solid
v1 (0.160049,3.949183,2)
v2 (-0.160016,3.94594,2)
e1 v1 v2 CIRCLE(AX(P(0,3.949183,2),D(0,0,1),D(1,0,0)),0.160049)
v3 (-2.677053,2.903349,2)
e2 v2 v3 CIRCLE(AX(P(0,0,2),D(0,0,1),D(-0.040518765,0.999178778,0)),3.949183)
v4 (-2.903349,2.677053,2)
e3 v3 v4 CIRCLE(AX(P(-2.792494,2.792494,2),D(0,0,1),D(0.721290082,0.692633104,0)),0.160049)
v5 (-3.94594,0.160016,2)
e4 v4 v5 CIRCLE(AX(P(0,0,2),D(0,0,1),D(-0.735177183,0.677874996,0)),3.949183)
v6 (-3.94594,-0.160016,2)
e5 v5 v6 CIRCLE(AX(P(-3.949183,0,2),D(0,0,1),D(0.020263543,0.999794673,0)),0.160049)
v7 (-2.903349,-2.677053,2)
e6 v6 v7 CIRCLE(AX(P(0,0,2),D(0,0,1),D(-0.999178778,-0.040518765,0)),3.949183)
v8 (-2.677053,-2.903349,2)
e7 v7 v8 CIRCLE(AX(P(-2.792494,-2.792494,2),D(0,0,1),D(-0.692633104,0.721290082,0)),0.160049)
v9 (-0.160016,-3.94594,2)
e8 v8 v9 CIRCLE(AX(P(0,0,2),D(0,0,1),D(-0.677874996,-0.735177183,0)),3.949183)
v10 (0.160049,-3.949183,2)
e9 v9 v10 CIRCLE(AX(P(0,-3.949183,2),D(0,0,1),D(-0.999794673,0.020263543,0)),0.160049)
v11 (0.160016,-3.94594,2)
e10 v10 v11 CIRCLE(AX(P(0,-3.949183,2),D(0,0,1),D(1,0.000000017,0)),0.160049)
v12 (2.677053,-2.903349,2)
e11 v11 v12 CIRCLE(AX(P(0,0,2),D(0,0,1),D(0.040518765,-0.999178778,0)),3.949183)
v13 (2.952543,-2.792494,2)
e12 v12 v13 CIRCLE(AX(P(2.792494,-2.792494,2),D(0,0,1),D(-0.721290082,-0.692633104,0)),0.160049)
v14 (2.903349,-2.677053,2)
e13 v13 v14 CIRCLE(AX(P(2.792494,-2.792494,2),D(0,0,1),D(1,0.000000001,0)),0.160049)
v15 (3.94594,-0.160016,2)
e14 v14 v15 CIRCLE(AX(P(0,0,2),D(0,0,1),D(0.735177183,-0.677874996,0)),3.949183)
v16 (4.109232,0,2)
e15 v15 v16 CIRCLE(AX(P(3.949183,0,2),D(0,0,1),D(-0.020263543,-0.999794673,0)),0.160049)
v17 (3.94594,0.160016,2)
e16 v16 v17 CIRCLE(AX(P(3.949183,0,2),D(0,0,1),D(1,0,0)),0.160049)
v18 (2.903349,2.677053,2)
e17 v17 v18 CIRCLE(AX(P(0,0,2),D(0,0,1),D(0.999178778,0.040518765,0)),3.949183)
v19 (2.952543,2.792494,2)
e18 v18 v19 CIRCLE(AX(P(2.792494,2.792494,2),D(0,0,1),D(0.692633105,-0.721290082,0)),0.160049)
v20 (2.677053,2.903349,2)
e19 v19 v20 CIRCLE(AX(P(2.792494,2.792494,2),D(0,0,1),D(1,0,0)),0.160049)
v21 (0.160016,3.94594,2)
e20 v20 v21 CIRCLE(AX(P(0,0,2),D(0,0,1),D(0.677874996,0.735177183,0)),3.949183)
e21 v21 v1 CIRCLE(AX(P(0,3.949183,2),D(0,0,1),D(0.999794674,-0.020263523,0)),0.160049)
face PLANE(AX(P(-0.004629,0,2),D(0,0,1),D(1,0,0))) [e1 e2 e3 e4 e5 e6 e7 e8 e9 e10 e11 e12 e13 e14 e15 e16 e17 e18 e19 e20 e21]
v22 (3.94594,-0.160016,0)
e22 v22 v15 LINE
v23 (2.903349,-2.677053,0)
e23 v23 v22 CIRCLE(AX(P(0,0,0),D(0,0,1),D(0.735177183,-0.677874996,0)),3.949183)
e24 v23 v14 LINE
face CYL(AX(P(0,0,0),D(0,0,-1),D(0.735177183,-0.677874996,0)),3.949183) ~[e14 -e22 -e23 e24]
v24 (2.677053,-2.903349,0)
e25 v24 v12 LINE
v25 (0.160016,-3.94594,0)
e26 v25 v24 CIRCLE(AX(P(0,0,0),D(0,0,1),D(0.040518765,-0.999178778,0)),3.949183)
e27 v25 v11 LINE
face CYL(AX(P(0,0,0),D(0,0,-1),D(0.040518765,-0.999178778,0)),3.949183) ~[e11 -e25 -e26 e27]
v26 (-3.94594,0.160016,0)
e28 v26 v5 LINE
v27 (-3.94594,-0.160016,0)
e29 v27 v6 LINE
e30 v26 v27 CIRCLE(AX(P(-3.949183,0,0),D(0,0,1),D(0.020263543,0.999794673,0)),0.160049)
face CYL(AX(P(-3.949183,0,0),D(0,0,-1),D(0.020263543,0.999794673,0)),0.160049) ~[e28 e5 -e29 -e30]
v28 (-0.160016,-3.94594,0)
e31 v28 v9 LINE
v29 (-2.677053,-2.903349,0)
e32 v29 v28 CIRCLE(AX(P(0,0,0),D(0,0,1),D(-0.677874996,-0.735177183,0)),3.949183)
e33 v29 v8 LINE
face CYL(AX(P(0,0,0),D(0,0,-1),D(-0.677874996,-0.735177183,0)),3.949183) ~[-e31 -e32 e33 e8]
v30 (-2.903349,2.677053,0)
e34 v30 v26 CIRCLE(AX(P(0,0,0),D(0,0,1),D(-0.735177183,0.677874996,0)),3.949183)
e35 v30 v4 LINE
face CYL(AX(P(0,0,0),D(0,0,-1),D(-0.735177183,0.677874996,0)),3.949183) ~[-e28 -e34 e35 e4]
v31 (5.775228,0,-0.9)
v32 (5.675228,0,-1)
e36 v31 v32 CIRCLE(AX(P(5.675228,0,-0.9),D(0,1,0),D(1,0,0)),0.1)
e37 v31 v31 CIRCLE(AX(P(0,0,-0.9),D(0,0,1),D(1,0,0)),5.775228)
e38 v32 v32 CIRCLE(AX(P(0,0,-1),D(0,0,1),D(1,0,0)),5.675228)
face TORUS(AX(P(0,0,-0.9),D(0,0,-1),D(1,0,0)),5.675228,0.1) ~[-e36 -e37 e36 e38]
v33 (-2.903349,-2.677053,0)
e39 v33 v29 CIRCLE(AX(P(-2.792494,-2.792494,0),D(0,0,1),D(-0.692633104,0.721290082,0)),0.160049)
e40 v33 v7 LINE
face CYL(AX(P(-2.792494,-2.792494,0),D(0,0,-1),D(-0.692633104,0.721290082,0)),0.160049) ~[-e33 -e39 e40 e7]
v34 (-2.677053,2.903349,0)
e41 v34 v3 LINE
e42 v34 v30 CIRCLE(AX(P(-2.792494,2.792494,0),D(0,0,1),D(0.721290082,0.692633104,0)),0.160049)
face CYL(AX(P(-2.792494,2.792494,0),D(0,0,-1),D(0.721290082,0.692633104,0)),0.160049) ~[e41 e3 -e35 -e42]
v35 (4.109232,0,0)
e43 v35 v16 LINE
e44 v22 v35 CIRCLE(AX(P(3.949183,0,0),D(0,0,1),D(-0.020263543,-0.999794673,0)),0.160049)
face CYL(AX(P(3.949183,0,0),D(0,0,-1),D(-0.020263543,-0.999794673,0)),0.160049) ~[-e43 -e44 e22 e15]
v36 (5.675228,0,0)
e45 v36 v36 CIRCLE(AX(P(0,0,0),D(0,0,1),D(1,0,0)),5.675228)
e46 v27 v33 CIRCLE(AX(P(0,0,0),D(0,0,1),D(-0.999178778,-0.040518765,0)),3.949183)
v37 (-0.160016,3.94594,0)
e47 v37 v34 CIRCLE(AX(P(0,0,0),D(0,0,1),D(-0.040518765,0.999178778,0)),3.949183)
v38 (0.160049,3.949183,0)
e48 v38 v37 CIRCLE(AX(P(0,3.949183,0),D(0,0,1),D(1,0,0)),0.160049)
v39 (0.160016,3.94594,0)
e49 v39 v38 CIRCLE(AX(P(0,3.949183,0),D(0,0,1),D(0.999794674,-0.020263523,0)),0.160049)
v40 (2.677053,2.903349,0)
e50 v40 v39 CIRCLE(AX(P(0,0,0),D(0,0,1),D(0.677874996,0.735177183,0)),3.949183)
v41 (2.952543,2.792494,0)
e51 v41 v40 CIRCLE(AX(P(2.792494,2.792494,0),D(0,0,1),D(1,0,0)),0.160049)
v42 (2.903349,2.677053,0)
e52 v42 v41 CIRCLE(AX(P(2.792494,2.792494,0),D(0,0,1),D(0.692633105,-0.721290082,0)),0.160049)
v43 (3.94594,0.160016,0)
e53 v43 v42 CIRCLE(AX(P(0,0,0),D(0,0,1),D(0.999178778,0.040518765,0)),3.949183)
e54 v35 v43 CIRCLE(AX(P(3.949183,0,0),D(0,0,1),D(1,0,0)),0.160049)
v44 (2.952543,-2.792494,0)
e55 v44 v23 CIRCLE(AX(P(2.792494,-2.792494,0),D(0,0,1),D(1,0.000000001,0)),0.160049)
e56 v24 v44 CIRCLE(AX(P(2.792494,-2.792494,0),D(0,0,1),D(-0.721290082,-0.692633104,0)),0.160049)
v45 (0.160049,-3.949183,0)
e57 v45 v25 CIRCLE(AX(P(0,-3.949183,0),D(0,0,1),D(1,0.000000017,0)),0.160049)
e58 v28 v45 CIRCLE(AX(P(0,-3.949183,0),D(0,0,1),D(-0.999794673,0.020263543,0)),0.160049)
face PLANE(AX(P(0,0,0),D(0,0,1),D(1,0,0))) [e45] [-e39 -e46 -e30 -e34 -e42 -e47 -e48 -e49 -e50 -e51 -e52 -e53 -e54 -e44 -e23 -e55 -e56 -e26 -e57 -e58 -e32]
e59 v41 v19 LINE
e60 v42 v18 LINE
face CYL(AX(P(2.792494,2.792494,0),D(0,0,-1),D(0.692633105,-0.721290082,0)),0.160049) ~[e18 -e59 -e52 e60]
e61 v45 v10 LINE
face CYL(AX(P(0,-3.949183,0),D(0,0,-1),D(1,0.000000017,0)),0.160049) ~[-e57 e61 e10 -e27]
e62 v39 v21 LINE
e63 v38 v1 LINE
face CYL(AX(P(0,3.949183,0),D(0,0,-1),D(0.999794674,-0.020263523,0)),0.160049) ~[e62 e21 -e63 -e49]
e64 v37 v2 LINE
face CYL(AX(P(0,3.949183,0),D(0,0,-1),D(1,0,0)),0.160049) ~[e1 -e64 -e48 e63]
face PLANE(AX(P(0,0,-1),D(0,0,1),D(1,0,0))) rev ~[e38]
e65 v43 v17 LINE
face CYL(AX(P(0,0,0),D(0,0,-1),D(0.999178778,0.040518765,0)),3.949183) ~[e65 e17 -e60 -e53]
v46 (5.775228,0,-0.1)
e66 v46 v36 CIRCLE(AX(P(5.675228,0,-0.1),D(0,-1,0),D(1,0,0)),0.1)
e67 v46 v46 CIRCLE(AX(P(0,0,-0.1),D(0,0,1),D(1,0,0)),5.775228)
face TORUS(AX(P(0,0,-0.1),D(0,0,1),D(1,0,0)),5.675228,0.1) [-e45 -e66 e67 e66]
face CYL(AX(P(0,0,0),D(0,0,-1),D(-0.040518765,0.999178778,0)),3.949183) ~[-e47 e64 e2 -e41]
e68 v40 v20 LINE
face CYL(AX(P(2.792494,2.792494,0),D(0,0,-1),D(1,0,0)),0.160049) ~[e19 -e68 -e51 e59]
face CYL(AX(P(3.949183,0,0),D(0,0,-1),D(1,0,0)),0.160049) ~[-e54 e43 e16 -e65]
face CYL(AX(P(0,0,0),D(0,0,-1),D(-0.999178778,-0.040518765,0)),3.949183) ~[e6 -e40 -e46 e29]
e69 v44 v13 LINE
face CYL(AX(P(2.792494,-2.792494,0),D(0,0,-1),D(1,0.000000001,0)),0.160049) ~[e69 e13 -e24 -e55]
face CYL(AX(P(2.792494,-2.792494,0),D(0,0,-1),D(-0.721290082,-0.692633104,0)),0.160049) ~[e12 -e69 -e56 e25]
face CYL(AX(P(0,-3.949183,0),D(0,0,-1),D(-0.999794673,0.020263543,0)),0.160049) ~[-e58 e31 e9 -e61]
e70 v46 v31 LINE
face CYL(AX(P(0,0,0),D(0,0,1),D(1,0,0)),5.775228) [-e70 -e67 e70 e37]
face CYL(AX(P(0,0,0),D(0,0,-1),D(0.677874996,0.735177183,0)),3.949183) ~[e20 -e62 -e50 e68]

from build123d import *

# Parameters (mm, degrees)
F0_R     = 5.7752276128
F1_DEPTH = 1
F2_DEPTH = 2
F3_R     = 0.1


with BuildPart() as f1:
    # F0 (on Top) → F1 (new body)
    with BuildSketch(Plane.XY):
        Circle(F0_R)
        with BuildLine():
            ThreePointArc((2.9033493644, 2.6770525323), (3.6485695105, 1.5112869745), (3.9459400229, 0.1600160246))
            ThreePointArc((3.9459400229, 0.1600160246), (4.061202336, 0.114312532), (4.1092320673, 0))
            ThreePointArc((4.1092320673, 0), (4.061202336, -0.114312532), (3.9459400229, -0.1600160246))
            ThreePointArc((3.9459400229, -0.1600160246), (3.6485695105, -1.5112869745), (2.9033493644, -2.6770525323))
            ThreePointArc((2.9033493644, -2.6770525323), (2.9397319242, -2.7297510734), (2.9525430939, -2.792494207))
            ThreePointArc((2.9525430939, -2.792494207), (2.8522409, -2.9409730906), (2.6770525323, -2.9033493644))
            ThreePointArc((2.6770525323, -2.9033493644), (1.5112869745, -3.6485695105), (0.1600160246, -3.9459400229))
            ThreePointArc((0.1600160246, -3.9459400229), (0.1600406711, -3.9475615184), (0.1600488869, -3.9491831804))
            ThreePointArc((0.1600488869, -3.9491831804), (-0.001621662, -4.1092238515), (-0.1600160246, -3.9459400229))
            ThreePointArc((-0.1600160246, -3.9459400229), (-1.5112869745, -3.6485695105), (-2.6770525323, -2.9033493644))
            ThreePointArc((-2.6770525323, -2.9033493644), (-2.9056658603, -2.9056658603), (-2.9033493644, -2.6770525323))
            ThreePointArc((-2.9033493644, -2.6770525323), (-3.6485695105, -1.5112869745), (-3.9459400229, -0.1600160246))
            ThreePointArc((-3.9459400229, -0.1600160246), (-4.1092320673, 0), (-3.9459400229, 0.1600160246))
            ThreePointArc((-3.9459400229, 0.1600160246), (-3.6485695105, 1.5112869745), (-2.9033493644, 2.6770525323))
            ThreePointArc((-2.9033493644, 2.6770525323), (-2.9056658603, 2.9056658603), (-2.6770525323, 2.9033493644))
            ThreePointArc((-2.6770525323, 2.9033493644), (-1.5112869745, 3.6485695105), (-0.1600160246, 3.9459400229))
            ThreePointArc((-0.1600160246, 3.9459400229), (-0.001621662, 4.1092238515), (0.1600488869, 3.9491831804))
            ThreePointArc((0.1600488869, 3.9491831804), (0.1600406711, 3.9475615184), (0.1600160246, 3.9459400229))
            ThreePointArc((0.1600160246, 3.9459400229), (1.5112869745, 3.6485695105), (2.6770525323, 2.9033493644))
            ThreePointArc((2.6770525323, 2.9033493644), (2.8522409, 2.9409730906), (2.9525430939, 2.792494207))
            ThreePointArc((2.9525430939, 2.792494207), (2.9397319242, 2.7297510734), (2.9033493644, 2.6770525323))
        make_face(mode=Mode.SUBTRACT)
        with BuildLine():
            ThreePointArc((3.9459400229, -0.1600160246), (3.7891342935, 0), (3.9459400229, 0.1600160246))
            ThreePointArc((3.9459400229, 0.1600160246), (3.6485695105, 1.5112869745), (2.9033493644, 2.6770525323))
            ThreePointArc((2.9033493644, 2.6770525323), (2.6793225538, 2.6793225538), (2.6770525323, 2.9033493644))
            ThreePointArc((2.6770525323, 2.9033493644), (1.5112869745, 3.6485695105), (0.1600160246, 3.9459400229))
            ThreePointArc((0.1600160246, 3.9459400229), (0, 3.7891342935), (-0.1600160246, 3.9459400229))
            ThreePointArc((-0.1600160246, 3.9459400229), (-1.5112869745, 3.6485695105), (-2.6770525323, 2.9033493644))
            ThreePointArc((-2.6770525323, 2.9033493644), (-2.6440153234, 2.8522409), (-2.6324453201, 2.792494207))
            ThreePointArc((-2.6324453201, 2.792494207), (-2.7297510734, 2.6452564898), (-2.9033493644, 2.6770525323))
            ThreePointArc((-2.9033493644, 2.6770525323), (-3.6485695105, 1.5112869745), (-3.9459400229, 0.1600160246))
            ThreePointArc((-3.9459400229, 0.1600160246), (-3.8348706484, 0.1120191556), (-3.7891342935, 0))
            ThreePointArc((-3.7891342935, 0), (-3.8348706484, -0.1120191556), (-3.9459400229, -0.1600160246))
            ThreePointArc((-3.9459400229, -0.1600160246), (-3.6485695105, -1.5112869745), (-2.9033493644, -2.6770525323))
            ThreePointArc((-2.9033493644, -2.6770525323), (-2.7297510734, -2.6452564898), (-2.6324453201, -2.792494207))
            ThreePointArc((-2.6324453201, -2.792494207), (-2.6440153234, -2.8522409), (-2.6770525323, -2.9033493644))
            ThreePointArc((-2.6770525323, -2.9033493644), (-1.5112869745, -3.6485695105), (-0.1600160246, -3.9459400229))
            ThreePointArc((-0.1600160246, -3.9459400229), (0, -3.7891342935), (0.1600160246, -3.9459400229))
            ThreePointArc((0.1600160246, -3.9459400229), (1.5112869745, -3.6485695105), (2.6770525323, -2.9033493644))
            ThreePointArc((2.6770525323, -2.9033493644), (2.6793225538, -2.6793225538), (2.9033493644, -2.6770525323))
            ThreePointArc((2.9033493644, -2.6770525323), (3.6485695105, -1.5112869745), (3.9459400229, -0.1600160246))
        make_face()
        with BuildLine():
            ThreePointArc((-3.9459400229, -0.1600160246), (-3.9491831804, 0), (-3.9459400229, 0.1600160246))
            ThreePointArc((-3.9459400229, 0.1600160246), (-4.1092320673, 0), (-3.9459400229, -0.1600160246))
        make_face()
        with BuildLine():
            ThreePointArc((-2.9033493644, -2.6770525323), (-2.9056658603, -2.9056658603), (-2.6770525323, -2.9033493644))
            ThreePointArc((-2.6770525323, -2.9033493644), (-2.792494207, -2.792494207), (-2.9033493644, -2.6770525323))
        make_face()
        with BuildLine():
            ThreePointArc((-2.9033493644, 2.6770525323), (-2.792494207, 2.792494207), (-2.6770525323, 2.9033493644))
            ThreePointArc((-2.6770525323, 2.9033493644), (-2.9056658603, 2.9056658603), (-2.9033493644, 2.6770525323))
        make_face()
        with BuildLine():
            ThreePointArc((3.9459400229, 0.1600160246), (3.9483723078, 0.0800244434), (3.9491831804, 0))
            ThreePointArc((3.9491831804, 0), (3.9483723078, -0.0800244434), (3.9459400229, -0.1600160246))
            ThreePointArc((3.9459400229, -0.1600160246), (4.061202336, -0.114312532), (4.1092320673, 0))
            ThreePointArc((4.1092320673, 0), (4.061202336, 0.114312532), (3.9459400229, 0.1600160246))
        make_face()
        with BuildLine():
            ThreePointArc((2.9525430939, -2.792494207), (2.9397319242, -2.7297510734), (2.9033493644, -2.6770525323))
            ThreePointArc((2.9033493644, -2.6770525323), (2.792494207, -2.792494207), (2.6770525323, -2.9033493644))
            ThreePointArc((2.6770525323, -2.9033493644), (2.8522409, -2.9409730906), (2.9525430939, -2.792494207))
        make_face()
        with BuildLine():
            ThreePointArc((0.1600488869, -3.9491831804), (0.1600406711, -3.9475615184), (0.1600160246, -3.9459400229))
            ThreePointArc((0.1600160246, -3.9459400229), (0, -3.9491831804), (-0.1600160246, -3.9459400229))
            ThreePointArc((-0.1600160246, -3.9459400229), (-0.001621662, -4.1092238515), (0.1600488869, -3.9491831804))
        make_face()
        with BuildLine():
            ThreePointArc((2.6770525323, 2.9033493644), (2.792494207, 2.792494207), (2.9033493644, 2.6770525323))
            ThreePointArc((2.9033493644, 2.6770525323), (2.9397319242, 2.7297510734), (2.9525430939, 2.792494207))
            ThreePointArc((2.9525430939, 2.792494207), (2.8522409, 2.9409730906), (2.6770525323, 2.9033493644))
        make_face()
        with BuildLine():
            ThreePointArc((-0.1600160246, 3.9459400229), (0, 3.9491831804), (0.1600160246, 3.9459400229))
            ThreePointArc((0.1600160246, 3.9459400229), (0.1600406711, 3.9475615184), (0.1600488869, 3.9491831804))
            ThreePointArc((0.1600488869, 3.9491831804), (-0.001621662, 4.1092238515), (-0.1600160246, 3.9459400229))
        make_face()
        with BuildLine():
            ThreePointArc((-3.7891342935, 0), (-3.8348706484, 0.1120191556), (-3.9459400229, 0.1600160246))
            ThreePointArc((-3.9459400229, 0.1600160246), (-3.9491831804, 0), (-3.9459400229, -0.1600160246))
            ThreePointArc((-3.9459400229, -0.1600160246), (-3.8348706484, -0.1120191556), (-3.7891342935, 0))
        make_face()
        with BuildLine():
            ThreePointArc((-2.9033493644, -2.6770525323), (-2.792494207, -2.792494207), (-2.6770525323, -2.9033493644))
            ThreePointArc((-2.6770525323, -2.9033493644), (-2.6440153234, -2.8522409), (-2.6324453201, -2.792494207))
            ThreePointArc((-2.6324453201, -2.792494207), (-2.7297510734, -2.6452564898), (-2.9033493644, -2.6770525323))
        make_face()
        with BuildLine():
            ThreePointArc((-2.6324453201, 2.792494207), (-2.6440153234, 2.8522409), (-2.6770525323, 2.9033493644))
            ThreePointArc((-2.6770525323, 2.9033493644), (-2.792494207, 2.792494207), (-2.9033493644, 2.6770525323))
            ThreePointArc((-2.9033493644, 2.6770525323), (-2.7297510734, 2.6452564898), (-2.6324453201, 2.792494207))
        make_face()
        with BuildLine():
            ThreePointArc((3.9459400229, -0.1600160246), (3.9483723078, -0.0800244434), (3.9491831804, 0))
            ThreePointArc((3.9491831804, 0), (3.9483723078, 0.0800244434), (3.9459400229, 0.1600160246))
            ThreePointArc((3.9459400229, 0.1600160246), (3.7891342935, 0), (3.9459400229, -0.1600160246))
        make_face()
        with BuildLine():
            ThreePointArc((2.6770525323, -2.9033493644), (2.792494207, -2.792494207), (2.9033493644, -2.6770525323))
            ThreePointArc((2.9033493644, -2.6770525323), (2.6793225538, -2.6793225538), (2.6770525323, -2.9033493644))
        make_face()
        with BuildLine():
            ThreePointArc((-0.1600160246, -3.9459400229), (0, -3.9491831804), (0.1600160246, -3.9459400229))
            ThreePointArc((0.1600160246, -3.9459400229), (0, -3.7891342935), (-0.1600160246, -3.9459400229))
        make_face()
        with BuildLine():
            ThreePointArc((2.6770525323, 2.9033493644), (2.6793225538, 2.6793225538), (2.9033493644, 2.6770525323))
            ThreePointArc((2.9033493644, 2.6770525323), (2.792494207, 2.792494207), (2.6770525323, 2.9033493644))
        make_face()
        with BuildLine():
            ThreePointArc((-0.1600160246, 3.9459400229), (0, 3.7891342935), (0.1600160246, 3.9459400229))
            ThreePointArc((0.1600160246, 3.9459400229), (0, 3.9491831804), (-0.1600160246, 3.9459400229))
        make_face()
    extrude(amount=-F1_DEPTH)

    # F0 (on Top) → F2 (join)
    with BuildSketch(Plane.XY):
        with BuildLine():
            ThreePointArc((3.9459400229, -0.1600160246), (3.7891342935, 0), (3.9459400229, 0.1600160246))
            ThreePointArc((3.9459400229, 0.1600160246), (3.6485695105, 1.5112869745), (2.9033493644, 2.6770525323))
            ThreePointArc((2.9033493644, 2.6770525323), (2.6793225538, 2.6793225538), (2.6770525323, 2.9033493644))
            ThreePointArc((2.6770525323, 2.9033493644), (1.5112869745, 3.6485695105), (0.1600160246, 3.9459400229))
            ThreePointArc((0.1600160246, 3.9459400229), (0, 3.7891342935), (-0.1600160246, 3.9459400229))
            ThreePointArc((-0.1600160246, 3.9459400229), (-1.5112869745, 3.6485695105), (-2.6770525323, 2.9033493644))
            ThreePointArc((-2.6770525323, 2.9033493644), (-2.6440153234, 2.8522409), (-2.6324453201, 2.792494207))
            ThreePointArc((-2.6324453201, 2.792494207), (-2.7297510734, 2.6452564898), (-2.9033493644, 2.6770525323))
            ThreePointArc((-2.9033493644, 2.6770525323), (-3.6485695105, 1.5112869745), (-3.9459400229, 0.1600160246))
            ThreePointArc((-3.9459400229, 0.1600160246), (-3.8348706484, 0.1120191556), (-3.7891342935, 0))
            ThreePointArc((-3.7891342935, 0), (-3.8348706484, -0.1120191556), (-3.9459400229, -0.1600160246))
            ThreePointArc((-3.9459400229, -0.1600160246), (-3.6485695105, -1.5112869745), (-2.9033493644, -2.6770525323))
            ThreePointArc((-2.9033493644, -2.6770525323), (-2.7297510734, -2.6452564898), (-2.6324453201, -2.792494207))
            ThreePointArc((-2.6324453201, -2.792494207), (-2.6440153234, -2.8522409), (-2.6770525323, -2.9033493644))
            ThreePointArc((-2.6770525323, -2.9033493644), (-1.5112869745, -3.6485695105), (-0.1600160246, -3.9459400229))
            ThreePointArc((-0.1600160246, -3.9459400229), (0, -3.7891342935), (0.1600160246, -3.9459400229))
            ThreePointArc((0.1600160246, -3.9459400229), (1.5112869745, -3.6485695105), (2.6770525323, -2.9033493644))
            ThreePointArc((2.6770525323, -2.9033493644), (2.6793225538, -2.6793225538), (2.9033493644, -2.6770525323))
            ThreePointArc((2.9033493644, -2.6770525323), (3.6485695105, -1.5112869745), (3.9459400229, -0.1600160246))
        make_face()
        with BuildLine():
            ThreePointArc((-2.6324453201, 2.792494207), (-2.6440153234, 2.8522409), (-2.6770525323, 2.9033493644))
            ThreePointArc((-2.6770525323, 2.9033493644), (-2.792494207, 2.792494207), (-2.9033493644, 2.6770525323))
            ThreePointArc((-2.9033493644, 2.6770525323), (-2.7297510734, 2.6452564898), (-2.6324453201, 2.792494207))
        make_face()
        with BuildLine():
            ThreePointArc((-2.9033493644, 2.6770525323), (-2.792494207, 2.792494207), (-2.6770525323, 2.9033493644))
            ThreePointArc((-2.6770525323, 2.9033493644), (-2.9056658603, 2.9056658603), (-2.9033493644, 2.6770525323))
        make_face()
        with BuildLine():
            ThreePointArc((-3.9459400229, -0.1600160246), (-3.9491831804, 0), (-3.9459400229, 0.1600160246))
            ThreePointArc((-3.9459400229, 0.1600160246), (-4.1092320673, 0), (-3.9459400229, -0.1600160246))
        make_face()
        with BuildLine():
            ThreePointArc((-3.7891342935, 0), (-3.8348706484, 0.1120191556), (-3.9459400229, 0.1600160246))
            ThreePointArc((-3.9459400229, 0.1600160246), (-3.9491831804, 0), (-3.9459400229, -0.1600160246))
            ThreePointArc((-3.9459400229, -0.1600160246), (-3.8348706484, -0.1120191556), (-3.7891342935, 0))
        make_face()
        with BuildLine():
            ThreePointArc((-2.9033493644, -2.6770525323), (-2.9056658603, -2.9056658603), (-2.6770525323, -2.9033493644))
            ThreePointArc((-2.6770525323, -2.9033493644), (-2.792494207, -2.792494207), (-2.9033493644, -2.6770525323))
        make_face()
        with BuildLine():
            ThreePointArc((-2.9033493644, -2.6770525323), (-2.792494207, -2.792494207), (-2.6770525323, -2.9033493644))
            ThreePointArc((-2.6770525323, -2.9033493644), (-2.6440153234, -2.8522409), (-2.6324453201, -2.792494207))
            ThreePointArc((-2.6324453201, -2.792494207), (-2.7297510734, -2.6452564898), (-2.9033493644, -2.6770525323))
        make_face()
        with BuildLine():
            ThreePointArc((0.1600488869, -3.9491831804), (0.1600406711, -3.9475615184), (0.1600160246, -3.9459400229))
            ThreePointArc((0.1600160246, -3.9459400229), (0, -3.9491831804), (-0.1600160246, -3.9459400229))
            ThreePointArc((-0.1600160246, -3.9459400229), (-0.001621662, -4.1092238515), (0.1600488869, -3.9491831804))
        make_face()
        with BuildLine():
            ThreePointArc((-0.1600160246, -3.9459400229), (0, -3.9491831804), (0.1600160246, -3.9459400229))
            ThreePointArc((0.1600160246, -3.9459400229), (0, -3.7891342935), (-0.1600160246, -3.9459400229))
        make_face()
        with BuildLine():
            ThreePointArc((2.9525430939, -2.792494207), (2.9397319242, -2.7297510734), (2.9033493644, -2.6770525323))
            ThreePointArc((2.9033493644, -2.6770525323), (2.792494207, -2.792494207), (2.6770525323, -2.9033493644))
            ThreePointArc((2.6770525323, -2.9033493644), (2.8522409, -2.9409730906), (2.9525430939, -2.792494207))
        make_face()
        with BuildLine():
            ThreePointArc((2.6770525323, -2.9033493644), (2.792494207, -2.792494207), (2.9033493644, -2.6770525323))
            ThreePointArc((2.9033493644, -2.6770525323), (2.6793225538, -2.6793225538), (2.6770525323, -2.9033493644))
        make_face()
        with BuildLine():
            ThreePointArc((3.9459400229, -0.1600160246), (3.9483723078, -0.0800244434), (3.9491831804, 0))
            ThreePointArc((3.9491831804, 0), (3.9483723078, 0.0800244434), (3.9459400229, 0.1600160246))
            ThreePointArc((3.9459400229, 0.1600160246), (3.7891342935, 0), (3.9459400229, -0.1600160246))
        make_face()
        with BuildLine():
            ThreePointArc((3.9459400229, 0.1600160246), (3.9483723078, 0.0800244434), (3.9491831804, 0))
            ThreePointArc((3.9491831804, 0), (3.9483723078, -0.0800244434), (3.9459400229, -0.1600160246))
            ThreePointArc((3.9459400229, -0.1600160246), (4.061202336, -0.114312532), (4.1092320673, 0))
            ThreePointArc((4.1092320673, 0), (4.061202336, 0.114312532), (3.9459400229, 0.1600160246))
        make_face()
        with BuildLine():
            ThreePointArc((-0.1600160246, 3.9459400229), (0, 3.9491831804), (0.1600160246, 3.9459400229))
            ThreePointArc((0.1600160246, 3.9459400229), (0.1600406711, 3.9475615184), (0.1600488869, 3.9491831804))
            ThreePointArc((0.1600488869, 3.9491831804), (-0.001621662, 4.1092238515), (-0.1600160246, 3.9459400229))
        make_face()
        with BuildLine():
            ThreePointArc((-0.1600160246, 3.9459400229), (0, 3.7891342935), (0.1600160246, 3.9459400229))
            ThreePointArc((0.1600160246, 3.9459400229), (0, 3.9491831804), (-0.1600160246, 3.9459400229))
        make_face()
        with BuildLine():
            ThreePointArc((2.6770525323, 2.9033493644), (2.6793225538, 2.6793225538), (2.9033493644, 2.6770525323))
            ThreePointArc((2.9033493644, 2.6770525323), (2.792494207, 2.792494207), (2.6770525323, 2.9033493644))
        make_face()
        with BuildLine():
            ThreePointArc((2.6770525323, 2.9033493644), (2.792494207, 2.792494207), (2.9033493644, 2.6770525323))
            ThreePointArc((2.9033493644, 2.6770525323), (2.9397319242, 2.7297510734), (2.9525430939, 2.792494207))
            ThreePointArc((2.9525430939, 2.792494207), (2.8522409, 2.9409730906), (2.6770525323, 2.9033493644))
        make_face()
    extrude(amount=F2_DEPTH)

    # F3
    f3_edges = [f1.edges().sort_by_distance(p)[0] for p in [
        (-5.775228, 0, -1),
        (-5.775228, 0, 0),
    ]]
    fillet(f3_edges, radius=F3_R)


solid = f1.part
